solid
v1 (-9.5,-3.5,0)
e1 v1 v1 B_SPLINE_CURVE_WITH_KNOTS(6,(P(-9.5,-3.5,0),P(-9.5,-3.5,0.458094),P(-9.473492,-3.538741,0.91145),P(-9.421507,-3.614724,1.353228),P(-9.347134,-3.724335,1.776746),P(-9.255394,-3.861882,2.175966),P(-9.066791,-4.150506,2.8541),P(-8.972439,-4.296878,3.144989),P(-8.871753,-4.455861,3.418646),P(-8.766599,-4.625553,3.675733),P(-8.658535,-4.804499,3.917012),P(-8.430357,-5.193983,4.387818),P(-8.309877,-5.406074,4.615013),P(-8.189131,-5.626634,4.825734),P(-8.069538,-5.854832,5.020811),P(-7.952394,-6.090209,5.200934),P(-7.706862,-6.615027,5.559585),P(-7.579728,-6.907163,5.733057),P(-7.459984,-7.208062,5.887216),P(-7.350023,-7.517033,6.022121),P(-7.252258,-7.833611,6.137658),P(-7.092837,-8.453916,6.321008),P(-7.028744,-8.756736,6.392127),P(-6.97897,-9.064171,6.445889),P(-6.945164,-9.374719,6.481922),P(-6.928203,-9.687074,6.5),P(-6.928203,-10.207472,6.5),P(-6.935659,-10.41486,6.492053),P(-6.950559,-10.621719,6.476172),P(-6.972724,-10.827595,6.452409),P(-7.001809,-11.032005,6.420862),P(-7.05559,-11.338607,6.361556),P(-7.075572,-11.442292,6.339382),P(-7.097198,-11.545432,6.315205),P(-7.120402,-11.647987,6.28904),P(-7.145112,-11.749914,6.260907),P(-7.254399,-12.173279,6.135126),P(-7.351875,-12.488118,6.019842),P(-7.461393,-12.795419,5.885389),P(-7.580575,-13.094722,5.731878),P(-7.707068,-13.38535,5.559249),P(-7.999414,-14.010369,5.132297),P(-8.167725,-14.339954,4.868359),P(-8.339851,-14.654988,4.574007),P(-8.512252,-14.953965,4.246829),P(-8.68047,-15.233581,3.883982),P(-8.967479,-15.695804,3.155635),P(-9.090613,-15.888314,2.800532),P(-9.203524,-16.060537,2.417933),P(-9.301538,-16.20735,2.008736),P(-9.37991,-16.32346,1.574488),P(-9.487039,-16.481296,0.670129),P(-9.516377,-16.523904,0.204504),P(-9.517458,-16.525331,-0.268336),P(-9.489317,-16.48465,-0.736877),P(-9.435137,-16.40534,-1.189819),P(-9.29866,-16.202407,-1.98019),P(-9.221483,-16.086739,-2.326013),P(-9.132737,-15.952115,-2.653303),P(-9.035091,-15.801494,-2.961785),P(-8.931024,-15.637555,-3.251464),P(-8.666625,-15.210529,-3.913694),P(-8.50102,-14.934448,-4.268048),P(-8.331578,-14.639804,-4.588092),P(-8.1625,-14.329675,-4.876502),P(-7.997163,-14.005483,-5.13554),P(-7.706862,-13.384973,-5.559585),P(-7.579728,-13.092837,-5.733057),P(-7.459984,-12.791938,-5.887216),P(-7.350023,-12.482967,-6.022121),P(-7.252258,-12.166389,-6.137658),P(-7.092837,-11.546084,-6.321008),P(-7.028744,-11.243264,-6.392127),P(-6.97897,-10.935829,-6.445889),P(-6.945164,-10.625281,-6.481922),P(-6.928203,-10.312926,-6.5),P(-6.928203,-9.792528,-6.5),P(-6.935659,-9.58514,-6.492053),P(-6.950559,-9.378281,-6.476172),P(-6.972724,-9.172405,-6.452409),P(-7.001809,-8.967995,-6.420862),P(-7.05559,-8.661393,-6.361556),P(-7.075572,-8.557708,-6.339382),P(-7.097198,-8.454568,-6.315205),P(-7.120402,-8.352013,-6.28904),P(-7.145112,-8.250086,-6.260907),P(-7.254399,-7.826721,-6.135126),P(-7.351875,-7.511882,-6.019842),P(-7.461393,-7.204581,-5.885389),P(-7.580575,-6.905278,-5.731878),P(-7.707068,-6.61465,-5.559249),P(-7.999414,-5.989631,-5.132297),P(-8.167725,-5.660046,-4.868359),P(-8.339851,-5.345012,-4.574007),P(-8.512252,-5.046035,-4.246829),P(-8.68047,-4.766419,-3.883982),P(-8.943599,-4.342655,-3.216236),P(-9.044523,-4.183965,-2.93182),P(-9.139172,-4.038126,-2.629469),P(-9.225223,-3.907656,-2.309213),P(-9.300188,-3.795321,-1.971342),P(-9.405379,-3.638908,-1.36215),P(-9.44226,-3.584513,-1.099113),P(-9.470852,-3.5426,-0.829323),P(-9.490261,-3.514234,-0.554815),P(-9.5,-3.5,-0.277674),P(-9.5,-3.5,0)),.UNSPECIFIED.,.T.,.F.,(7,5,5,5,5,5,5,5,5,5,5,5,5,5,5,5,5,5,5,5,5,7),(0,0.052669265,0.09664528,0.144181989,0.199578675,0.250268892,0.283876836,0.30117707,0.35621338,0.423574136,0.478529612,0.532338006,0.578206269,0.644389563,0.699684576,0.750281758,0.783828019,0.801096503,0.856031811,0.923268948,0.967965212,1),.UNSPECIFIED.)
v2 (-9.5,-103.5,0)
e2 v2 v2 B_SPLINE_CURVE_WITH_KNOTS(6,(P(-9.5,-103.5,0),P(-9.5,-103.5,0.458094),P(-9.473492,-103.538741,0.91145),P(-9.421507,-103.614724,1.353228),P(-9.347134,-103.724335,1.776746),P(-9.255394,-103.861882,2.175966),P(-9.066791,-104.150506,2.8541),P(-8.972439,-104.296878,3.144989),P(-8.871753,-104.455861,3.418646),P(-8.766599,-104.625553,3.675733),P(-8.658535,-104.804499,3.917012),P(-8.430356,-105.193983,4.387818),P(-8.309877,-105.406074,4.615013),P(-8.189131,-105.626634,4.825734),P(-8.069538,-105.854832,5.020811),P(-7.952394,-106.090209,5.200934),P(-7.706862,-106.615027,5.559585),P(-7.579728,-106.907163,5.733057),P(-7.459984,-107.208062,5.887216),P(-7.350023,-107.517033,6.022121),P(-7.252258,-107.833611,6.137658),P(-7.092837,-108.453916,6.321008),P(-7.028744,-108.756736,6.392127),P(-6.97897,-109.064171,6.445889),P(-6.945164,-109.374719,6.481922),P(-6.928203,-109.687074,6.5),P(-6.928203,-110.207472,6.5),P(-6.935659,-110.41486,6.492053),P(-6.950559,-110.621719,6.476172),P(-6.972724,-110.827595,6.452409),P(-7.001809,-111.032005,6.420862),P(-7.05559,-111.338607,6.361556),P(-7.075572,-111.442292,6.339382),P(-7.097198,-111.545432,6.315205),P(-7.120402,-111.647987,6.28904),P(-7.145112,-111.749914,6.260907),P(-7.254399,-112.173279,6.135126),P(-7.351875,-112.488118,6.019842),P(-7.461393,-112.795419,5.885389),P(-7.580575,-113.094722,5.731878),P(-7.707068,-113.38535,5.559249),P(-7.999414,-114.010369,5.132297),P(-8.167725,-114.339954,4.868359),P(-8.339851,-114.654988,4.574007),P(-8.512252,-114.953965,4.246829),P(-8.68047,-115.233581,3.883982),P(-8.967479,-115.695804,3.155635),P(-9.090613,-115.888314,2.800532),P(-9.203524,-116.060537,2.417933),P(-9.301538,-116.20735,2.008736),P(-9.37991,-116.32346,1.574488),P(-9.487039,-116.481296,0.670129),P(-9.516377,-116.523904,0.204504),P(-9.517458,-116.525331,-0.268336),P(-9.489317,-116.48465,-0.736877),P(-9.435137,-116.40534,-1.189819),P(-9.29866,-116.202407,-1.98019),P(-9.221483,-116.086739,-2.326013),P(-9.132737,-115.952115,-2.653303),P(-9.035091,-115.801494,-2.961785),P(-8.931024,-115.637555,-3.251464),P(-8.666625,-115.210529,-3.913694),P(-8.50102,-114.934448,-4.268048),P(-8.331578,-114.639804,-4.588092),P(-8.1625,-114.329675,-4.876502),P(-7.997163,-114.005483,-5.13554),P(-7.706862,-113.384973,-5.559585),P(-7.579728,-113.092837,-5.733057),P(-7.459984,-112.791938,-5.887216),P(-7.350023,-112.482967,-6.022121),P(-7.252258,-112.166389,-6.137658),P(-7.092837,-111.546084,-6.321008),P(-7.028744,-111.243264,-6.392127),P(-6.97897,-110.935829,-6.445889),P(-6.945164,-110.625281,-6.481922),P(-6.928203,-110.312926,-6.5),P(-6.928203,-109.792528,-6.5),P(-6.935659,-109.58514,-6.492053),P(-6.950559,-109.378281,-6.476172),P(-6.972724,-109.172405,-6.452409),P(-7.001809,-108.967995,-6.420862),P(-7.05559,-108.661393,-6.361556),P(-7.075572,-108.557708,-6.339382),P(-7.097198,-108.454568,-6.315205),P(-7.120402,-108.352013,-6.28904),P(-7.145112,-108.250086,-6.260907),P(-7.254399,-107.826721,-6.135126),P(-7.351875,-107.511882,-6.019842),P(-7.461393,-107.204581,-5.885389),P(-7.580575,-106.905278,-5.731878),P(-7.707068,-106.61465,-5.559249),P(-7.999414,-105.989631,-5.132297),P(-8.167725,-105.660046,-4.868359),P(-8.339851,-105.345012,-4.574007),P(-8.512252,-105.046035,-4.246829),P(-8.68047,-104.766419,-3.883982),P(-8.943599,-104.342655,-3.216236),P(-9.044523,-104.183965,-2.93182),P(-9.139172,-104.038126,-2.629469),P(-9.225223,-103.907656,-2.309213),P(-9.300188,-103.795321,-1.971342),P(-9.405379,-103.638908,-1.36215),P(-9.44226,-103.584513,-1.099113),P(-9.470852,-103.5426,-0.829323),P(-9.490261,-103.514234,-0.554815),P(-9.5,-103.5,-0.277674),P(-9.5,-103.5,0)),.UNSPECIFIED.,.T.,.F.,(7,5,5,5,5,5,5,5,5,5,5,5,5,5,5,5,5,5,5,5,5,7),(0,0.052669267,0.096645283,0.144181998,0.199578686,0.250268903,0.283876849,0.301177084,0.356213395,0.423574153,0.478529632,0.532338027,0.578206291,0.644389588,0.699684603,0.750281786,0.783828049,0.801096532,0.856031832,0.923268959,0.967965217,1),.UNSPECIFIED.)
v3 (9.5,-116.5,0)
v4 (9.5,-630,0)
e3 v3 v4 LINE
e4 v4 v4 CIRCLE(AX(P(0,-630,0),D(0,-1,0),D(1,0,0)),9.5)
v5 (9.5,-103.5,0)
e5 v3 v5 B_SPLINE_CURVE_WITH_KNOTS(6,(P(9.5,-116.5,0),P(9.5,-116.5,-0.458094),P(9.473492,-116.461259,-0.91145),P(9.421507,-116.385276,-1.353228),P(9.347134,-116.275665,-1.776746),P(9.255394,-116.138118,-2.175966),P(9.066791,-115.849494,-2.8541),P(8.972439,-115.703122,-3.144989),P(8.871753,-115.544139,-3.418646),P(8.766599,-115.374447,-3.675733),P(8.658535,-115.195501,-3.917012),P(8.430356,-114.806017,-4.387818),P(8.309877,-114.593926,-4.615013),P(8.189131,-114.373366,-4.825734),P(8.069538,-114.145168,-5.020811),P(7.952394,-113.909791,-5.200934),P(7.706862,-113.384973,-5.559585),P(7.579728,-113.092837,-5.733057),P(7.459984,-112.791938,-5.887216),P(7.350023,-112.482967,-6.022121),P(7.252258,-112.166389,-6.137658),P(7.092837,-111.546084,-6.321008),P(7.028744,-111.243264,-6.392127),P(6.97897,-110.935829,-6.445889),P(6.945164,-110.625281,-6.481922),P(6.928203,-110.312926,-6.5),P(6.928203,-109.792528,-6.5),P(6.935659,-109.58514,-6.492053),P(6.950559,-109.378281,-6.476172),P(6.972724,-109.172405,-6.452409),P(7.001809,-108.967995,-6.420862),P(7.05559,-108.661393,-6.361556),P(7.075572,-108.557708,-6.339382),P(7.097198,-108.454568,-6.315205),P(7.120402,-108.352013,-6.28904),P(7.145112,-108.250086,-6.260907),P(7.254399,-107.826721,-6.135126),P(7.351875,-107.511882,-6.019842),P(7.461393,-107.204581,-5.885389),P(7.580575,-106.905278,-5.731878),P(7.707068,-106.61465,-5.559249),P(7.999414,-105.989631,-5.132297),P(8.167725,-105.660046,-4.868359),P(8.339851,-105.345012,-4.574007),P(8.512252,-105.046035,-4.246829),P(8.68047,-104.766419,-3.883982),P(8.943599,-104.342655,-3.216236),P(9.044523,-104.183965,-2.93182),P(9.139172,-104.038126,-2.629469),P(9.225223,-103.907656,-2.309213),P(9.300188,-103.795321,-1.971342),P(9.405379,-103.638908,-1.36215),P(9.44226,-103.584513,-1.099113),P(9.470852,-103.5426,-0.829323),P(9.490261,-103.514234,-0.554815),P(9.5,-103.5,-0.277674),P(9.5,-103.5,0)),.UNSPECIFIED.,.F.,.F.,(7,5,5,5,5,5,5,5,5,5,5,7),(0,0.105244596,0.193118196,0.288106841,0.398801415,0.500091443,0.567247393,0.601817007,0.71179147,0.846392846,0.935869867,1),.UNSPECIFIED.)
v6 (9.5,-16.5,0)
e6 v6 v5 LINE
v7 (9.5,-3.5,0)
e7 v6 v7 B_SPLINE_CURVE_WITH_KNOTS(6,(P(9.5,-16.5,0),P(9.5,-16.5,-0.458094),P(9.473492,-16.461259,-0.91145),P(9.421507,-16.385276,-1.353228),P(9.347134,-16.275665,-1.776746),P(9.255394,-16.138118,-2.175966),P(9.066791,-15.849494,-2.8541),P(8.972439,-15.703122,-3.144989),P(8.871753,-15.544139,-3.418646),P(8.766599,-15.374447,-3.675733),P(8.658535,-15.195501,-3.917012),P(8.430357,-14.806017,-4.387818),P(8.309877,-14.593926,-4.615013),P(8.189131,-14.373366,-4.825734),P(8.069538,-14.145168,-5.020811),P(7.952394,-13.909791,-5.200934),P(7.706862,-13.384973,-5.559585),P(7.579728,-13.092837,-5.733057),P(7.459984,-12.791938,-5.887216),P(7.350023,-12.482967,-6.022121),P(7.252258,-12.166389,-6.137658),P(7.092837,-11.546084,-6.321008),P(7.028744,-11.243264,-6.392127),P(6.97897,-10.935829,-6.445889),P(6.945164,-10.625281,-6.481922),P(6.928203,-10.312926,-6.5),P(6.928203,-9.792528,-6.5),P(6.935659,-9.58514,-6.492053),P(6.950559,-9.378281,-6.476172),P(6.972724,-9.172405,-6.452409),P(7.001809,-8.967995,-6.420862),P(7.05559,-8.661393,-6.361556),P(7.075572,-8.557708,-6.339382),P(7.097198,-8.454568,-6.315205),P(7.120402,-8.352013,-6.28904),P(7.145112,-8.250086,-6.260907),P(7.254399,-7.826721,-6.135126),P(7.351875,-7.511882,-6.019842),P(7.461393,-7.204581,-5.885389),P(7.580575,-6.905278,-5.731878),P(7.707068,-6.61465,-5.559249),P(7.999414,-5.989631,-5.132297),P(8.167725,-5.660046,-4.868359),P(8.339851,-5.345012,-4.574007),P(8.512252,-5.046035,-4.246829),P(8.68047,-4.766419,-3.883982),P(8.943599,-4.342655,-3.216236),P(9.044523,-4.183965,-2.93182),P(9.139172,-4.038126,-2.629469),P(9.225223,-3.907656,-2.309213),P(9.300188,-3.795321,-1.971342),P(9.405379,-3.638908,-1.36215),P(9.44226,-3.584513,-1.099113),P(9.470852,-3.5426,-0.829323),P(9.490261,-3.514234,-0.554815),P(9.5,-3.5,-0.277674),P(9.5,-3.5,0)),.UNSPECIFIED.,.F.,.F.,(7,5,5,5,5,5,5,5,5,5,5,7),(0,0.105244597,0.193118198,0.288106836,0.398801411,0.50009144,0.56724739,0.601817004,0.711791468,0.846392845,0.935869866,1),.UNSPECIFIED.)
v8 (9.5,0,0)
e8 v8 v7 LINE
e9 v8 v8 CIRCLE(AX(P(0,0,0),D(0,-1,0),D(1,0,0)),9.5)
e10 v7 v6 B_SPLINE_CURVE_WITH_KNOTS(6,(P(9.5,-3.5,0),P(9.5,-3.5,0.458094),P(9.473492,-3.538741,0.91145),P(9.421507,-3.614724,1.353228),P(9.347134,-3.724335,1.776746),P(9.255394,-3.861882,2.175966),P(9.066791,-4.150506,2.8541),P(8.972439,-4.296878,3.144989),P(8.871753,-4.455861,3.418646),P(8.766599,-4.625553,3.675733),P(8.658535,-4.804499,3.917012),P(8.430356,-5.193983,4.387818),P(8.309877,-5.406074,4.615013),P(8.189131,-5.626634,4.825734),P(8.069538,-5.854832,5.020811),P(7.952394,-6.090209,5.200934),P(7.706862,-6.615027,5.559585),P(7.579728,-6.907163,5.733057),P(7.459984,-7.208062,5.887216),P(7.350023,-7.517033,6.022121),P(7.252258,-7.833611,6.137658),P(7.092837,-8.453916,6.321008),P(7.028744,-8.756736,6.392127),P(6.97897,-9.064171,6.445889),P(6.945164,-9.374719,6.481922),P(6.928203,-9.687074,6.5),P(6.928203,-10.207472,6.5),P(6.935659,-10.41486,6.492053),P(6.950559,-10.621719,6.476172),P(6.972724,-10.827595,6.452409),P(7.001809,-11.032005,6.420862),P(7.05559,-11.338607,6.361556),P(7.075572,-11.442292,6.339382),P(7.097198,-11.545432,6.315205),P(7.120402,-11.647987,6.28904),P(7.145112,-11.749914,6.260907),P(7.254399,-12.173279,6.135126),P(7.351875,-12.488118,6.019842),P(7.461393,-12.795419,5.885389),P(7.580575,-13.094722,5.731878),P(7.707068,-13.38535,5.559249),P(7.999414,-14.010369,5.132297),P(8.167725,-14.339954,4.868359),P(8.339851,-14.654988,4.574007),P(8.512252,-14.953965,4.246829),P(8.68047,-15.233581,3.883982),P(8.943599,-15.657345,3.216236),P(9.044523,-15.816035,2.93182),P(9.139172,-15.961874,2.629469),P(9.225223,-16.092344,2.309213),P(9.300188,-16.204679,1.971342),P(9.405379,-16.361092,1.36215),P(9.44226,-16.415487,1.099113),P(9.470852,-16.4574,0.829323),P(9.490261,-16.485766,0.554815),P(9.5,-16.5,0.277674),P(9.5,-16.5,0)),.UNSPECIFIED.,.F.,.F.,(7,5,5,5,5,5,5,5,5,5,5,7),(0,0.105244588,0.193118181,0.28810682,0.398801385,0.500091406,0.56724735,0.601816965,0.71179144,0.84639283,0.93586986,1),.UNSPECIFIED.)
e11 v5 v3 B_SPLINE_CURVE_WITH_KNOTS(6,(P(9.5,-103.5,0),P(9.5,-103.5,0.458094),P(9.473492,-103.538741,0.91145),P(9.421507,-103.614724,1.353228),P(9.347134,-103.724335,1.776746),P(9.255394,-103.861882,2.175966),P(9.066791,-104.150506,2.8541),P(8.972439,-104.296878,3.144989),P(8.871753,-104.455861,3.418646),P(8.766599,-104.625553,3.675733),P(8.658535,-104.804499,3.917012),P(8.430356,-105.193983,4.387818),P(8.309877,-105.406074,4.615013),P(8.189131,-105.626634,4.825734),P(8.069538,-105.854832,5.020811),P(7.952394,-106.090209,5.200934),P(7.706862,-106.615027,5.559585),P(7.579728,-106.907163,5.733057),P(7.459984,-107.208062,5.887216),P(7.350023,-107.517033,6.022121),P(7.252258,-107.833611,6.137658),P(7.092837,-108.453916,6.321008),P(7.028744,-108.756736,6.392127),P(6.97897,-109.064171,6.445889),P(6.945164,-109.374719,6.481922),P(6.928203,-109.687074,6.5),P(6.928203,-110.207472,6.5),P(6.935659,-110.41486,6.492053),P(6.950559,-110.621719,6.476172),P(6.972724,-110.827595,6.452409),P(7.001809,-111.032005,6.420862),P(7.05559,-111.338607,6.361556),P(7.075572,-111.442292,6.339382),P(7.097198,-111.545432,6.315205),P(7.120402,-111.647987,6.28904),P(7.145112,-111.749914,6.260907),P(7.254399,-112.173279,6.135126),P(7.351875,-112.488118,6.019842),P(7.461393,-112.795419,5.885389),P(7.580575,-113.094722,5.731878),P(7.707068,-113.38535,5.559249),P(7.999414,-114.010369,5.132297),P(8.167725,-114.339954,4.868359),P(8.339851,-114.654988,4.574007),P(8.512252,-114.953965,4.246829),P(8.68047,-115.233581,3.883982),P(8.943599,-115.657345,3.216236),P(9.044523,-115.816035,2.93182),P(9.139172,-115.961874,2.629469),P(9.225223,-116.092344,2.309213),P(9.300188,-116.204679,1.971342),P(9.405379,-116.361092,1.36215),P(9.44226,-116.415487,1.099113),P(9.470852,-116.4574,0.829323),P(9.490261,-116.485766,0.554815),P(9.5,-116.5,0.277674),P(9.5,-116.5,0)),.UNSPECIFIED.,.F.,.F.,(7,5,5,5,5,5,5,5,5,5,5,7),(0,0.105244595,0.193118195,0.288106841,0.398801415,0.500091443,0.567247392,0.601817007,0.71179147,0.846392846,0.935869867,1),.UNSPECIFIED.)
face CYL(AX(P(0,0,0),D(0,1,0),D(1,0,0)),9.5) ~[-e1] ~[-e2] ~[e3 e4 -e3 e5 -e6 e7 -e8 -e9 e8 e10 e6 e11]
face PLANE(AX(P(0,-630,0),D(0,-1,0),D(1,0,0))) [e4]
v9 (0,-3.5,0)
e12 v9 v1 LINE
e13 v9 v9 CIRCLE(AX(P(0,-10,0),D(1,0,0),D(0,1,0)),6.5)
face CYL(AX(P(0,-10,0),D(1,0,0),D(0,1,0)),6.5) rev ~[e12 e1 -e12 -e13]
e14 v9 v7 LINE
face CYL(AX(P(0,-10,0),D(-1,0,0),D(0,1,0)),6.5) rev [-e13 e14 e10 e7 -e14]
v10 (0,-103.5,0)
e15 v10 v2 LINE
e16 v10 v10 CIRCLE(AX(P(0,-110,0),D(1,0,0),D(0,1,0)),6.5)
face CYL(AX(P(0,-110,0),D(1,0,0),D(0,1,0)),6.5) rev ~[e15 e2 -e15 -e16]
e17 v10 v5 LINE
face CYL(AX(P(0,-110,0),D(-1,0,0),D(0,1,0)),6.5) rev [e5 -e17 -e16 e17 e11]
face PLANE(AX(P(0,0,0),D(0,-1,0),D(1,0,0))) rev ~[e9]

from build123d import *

# Parameters (mm, degrees)
F0_R          = 9.5
F1_DEPTH      = 630
F2_R          = 6.5
F3_DEPTH      = 25
F3_DEPTH_BACK = 25


with BuildPart() as f1:
    # F0 (on Front) → F1 (new body)
    with BuildSketch(Plane.XZ):
        Circle(F0_R)
    extrude(amount=F1_DEPTH)

    # F2 (on Right) → F3 (cut, two sides)
    with BuildSketch(Plane.YZ) as f3_sk:
        with Locations((-10, 0)):
            Circle(F2_R)
        with Locations((-110, 0)):
            Circle(F2_R)
    extrude(amount=F3_DEPTH, mode=Mode.SUBTRACT)
    extrude(f3_sk.sketch, amount=-F3_DEPTH_BACK, mode=Mode.SUBTRACT)


solid = f1.part
